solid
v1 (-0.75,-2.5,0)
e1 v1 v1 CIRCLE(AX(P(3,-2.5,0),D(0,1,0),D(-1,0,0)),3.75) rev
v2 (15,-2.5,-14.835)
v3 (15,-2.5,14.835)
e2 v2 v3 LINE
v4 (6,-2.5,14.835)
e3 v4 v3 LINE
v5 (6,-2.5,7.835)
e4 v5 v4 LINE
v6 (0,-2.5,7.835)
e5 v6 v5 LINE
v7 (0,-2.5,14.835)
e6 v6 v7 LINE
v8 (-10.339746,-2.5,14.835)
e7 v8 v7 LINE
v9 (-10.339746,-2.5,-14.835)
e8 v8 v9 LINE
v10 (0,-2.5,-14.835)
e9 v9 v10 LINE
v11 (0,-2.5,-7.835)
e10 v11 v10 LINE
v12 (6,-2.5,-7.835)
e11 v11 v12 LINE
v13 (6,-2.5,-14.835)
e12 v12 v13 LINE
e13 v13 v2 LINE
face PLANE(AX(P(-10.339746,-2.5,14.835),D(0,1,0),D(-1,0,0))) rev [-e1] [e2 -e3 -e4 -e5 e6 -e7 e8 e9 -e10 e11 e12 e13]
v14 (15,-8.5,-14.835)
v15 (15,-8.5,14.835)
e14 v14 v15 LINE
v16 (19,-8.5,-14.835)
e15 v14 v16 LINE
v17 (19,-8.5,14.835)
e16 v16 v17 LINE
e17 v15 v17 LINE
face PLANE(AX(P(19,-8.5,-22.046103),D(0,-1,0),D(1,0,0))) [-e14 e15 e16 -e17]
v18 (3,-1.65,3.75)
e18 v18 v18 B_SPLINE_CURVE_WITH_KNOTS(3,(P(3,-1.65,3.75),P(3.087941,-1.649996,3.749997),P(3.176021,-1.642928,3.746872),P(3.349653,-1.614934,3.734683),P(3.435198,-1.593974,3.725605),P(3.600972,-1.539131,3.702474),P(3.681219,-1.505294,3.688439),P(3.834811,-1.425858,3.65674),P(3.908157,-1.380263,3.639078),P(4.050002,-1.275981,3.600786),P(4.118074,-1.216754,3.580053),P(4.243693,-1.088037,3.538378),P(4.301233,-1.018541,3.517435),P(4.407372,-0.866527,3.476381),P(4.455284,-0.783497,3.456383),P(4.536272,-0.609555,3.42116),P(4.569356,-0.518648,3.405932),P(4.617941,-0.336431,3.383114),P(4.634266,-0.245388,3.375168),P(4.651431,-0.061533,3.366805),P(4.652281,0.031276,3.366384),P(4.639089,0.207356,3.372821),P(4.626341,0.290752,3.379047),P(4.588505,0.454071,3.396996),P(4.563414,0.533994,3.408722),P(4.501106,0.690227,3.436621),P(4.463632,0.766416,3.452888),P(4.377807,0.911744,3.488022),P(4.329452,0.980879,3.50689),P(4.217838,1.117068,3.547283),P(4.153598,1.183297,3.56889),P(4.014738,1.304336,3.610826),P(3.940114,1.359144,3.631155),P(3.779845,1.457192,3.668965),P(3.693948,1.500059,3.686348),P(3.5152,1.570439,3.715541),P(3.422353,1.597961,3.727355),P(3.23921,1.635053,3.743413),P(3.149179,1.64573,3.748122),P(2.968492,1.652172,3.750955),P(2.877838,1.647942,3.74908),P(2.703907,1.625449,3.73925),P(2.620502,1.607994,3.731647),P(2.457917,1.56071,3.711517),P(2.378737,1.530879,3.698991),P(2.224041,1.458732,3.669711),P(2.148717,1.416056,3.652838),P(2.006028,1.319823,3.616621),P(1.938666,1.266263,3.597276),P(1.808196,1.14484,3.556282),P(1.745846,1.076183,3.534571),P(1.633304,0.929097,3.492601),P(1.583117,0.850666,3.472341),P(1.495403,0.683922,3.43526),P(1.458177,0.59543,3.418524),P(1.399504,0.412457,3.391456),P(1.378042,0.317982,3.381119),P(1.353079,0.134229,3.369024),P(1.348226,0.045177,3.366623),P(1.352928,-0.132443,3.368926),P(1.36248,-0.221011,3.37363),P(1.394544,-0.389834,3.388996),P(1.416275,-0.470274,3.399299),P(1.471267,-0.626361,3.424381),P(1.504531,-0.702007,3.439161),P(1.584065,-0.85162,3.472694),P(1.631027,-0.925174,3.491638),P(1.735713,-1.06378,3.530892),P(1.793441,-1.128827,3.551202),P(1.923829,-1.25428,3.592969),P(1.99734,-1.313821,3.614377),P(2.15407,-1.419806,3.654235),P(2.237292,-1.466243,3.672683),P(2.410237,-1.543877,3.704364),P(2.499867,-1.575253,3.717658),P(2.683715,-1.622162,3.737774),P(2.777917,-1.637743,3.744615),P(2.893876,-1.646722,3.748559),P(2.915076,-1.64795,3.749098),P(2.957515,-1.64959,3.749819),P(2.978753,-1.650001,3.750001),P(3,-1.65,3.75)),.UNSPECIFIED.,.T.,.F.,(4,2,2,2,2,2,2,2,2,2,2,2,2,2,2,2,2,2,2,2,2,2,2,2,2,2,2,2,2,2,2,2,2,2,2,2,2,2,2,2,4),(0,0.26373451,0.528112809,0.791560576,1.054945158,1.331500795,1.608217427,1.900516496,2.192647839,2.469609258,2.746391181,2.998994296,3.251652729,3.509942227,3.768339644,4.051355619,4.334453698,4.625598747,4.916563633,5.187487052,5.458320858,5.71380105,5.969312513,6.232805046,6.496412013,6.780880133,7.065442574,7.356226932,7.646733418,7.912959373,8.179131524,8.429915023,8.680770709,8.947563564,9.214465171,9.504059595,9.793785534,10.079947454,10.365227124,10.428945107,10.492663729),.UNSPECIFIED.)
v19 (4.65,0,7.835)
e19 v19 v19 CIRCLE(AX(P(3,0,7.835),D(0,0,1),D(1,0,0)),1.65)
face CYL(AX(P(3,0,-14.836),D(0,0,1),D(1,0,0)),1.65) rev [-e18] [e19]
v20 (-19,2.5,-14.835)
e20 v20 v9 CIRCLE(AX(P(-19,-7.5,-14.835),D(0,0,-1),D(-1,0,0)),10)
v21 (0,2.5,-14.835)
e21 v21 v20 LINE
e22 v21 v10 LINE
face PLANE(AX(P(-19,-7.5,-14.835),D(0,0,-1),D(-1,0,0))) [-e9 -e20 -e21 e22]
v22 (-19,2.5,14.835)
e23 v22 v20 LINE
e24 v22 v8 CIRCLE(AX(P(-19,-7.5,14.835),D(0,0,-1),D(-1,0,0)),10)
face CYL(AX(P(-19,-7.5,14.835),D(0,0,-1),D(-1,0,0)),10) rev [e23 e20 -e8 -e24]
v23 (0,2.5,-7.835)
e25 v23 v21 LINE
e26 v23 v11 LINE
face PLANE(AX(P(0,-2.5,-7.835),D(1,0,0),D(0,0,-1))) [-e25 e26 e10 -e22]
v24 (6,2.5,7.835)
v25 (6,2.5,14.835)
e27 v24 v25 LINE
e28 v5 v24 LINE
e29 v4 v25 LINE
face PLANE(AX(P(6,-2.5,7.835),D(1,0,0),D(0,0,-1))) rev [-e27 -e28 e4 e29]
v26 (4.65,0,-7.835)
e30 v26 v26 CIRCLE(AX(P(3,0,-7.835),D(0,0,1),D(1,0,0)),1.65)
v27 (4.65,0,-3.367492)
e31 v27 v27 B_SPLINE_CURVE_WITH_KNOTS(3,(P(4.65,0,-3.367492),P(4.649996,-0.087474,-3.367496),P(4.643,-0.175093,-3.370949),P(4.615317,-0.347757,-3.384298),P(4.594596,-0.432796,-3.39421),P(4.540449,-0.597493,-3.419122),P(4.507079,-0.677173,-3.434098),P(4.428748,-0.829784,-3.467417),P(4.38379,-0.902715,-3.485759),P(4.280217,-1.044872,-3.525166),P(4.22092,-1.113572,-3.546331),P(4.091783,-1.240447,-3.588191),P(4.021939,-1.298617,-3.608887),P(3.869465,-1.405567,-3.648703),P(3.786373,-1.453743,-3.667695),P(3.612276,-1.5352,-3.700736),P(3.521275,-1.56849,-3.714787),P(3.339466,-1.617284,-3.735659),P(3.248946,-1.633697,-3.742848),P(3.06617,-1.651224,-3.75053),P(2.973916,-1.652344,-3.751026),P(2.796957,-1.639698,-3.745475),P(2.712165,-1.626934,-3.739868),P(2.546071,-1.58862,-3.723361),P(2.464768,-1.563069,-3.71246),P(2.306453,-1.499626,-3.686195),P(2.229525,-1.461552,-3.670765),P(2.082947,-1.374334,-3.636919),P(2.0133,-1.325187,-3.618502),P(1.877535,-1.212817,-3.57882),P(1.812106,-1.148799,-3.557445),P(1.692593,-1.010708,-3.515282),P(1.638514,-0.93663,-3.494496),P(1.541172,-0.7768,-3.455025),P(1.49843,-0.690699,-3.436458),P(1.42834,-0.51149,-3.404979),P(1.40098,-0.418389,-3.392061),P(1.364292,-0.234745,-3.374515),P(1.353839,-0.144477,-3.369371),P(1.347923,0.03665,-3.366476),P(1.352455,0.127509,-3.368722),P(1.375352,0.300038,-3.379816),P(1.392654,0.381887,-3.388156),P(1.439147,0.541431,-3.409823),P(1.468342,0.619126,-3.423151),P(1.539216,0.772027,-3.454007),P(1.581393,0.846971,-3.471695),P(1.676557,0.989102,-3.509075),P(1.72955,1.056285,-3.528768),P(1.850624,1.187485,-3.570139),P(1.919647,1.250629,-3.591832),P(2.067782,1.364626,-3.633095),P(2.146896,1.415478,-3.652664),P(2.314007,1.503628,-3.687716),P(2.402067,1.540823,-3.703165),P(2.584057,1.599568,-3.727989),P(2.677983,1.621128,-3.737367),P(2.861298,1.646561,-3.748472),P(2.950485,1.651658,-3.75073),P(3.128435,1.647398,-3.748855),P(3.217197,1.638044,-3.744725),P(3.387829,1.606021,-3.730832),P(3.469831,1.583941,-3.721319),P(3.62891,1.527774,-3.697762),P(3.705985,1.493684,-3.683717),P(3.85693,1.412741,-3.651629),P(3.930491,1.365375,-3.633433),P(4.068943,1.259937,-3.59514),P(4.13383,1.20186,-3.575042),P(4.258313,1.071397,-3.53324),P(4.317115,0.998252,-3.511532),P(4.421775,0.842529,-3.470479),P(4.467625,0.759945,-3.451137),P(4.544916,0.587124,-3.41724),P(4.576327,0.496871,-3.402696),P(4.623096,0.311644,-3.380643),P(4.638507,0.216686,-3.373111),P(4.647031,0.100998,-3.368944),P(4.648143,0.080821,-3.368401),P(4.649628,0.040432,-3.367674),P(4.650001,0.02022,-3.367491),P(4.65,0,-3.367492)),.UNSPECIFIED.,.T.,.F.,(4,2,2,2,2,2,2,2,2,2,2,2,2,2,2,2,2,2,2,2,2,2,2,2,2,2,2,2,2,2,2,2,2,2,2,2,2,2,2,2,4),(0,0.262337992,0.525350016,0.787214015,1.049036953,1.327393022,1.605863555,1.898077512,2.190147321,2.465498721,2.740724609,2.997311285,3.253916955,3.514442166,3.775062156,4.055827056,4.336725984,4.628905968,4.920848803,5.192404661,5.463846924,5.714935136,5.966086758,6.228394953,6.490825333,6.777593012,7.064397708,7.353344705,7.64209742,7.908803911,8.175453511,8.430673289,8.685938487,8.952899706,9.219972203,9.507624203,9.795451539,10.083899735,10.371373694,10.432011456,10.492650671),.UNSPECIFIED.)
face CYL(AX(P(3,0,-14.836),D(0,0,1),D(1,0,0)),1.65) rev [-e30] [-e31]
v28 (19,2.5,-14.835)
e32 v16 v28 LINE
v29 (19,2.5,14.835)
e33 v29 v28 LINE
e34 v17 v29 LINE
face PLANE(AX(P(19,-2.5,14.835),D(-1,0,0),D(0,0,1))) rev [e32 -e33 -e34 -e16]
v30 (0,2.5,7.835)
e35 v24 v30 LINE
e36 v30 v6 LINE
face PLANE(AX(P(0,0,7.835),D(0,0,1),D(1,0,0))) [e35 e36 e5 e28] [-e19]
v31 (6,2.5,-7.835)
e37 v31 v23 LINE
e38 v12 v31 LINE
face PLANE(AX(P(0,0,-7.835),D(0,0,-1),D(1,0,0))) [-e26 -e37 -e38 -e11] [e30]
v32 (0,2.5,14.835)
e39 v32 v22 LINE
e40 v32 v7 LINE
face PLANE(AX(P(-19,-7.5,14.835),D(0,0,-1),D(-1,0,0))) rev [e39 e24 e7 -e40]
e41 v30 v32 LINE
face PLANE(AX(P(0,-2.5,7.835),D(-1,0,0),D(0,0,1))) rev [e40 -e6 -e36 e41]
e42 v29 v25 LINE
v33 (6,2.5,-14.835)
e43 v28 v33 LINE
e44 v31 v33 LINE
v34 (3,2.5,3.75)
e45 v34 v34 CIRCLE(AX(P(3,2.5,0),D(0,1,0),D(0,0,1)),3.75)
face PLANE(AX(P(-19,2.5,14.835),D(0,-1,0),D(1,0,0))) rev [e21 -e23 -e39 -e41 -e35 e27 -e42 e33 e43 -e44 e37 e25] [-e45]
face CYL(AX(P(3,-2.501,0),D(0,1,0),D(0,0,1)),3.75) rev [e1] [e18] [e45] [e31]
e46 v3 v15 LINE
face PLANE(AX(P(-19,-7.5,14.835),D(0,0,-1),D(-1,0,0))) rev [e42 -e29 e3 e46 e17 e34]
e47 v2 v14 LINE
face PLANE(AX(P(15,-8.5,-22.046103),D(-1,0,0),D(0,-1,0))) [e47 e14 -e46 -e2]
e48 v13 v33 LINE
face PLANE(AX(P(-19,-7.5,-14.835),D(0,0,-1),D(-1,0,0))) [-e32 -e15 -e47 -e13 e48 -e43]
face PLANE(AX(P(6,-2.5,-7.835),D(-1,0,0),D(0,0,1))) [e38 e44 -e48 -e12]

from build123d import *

# Parameters (mm, degrees)
BOSS_EXTRUDE1_DEPTH = 14.835
CUT_EXTRUDE1_REACH  = 37.321
SKETCH4_R           = 1.65
SKETCH4_3_W         = 6
SKETCH4_3_H         = 5
SKETCH4_3_R         = 1.65
CUT_EXTRUDE3_DEPTH  = 7
CUT_EXTRUDE2_REACH  = 26.619
SKETCH5_R           = 3.75
SKETCH6_W           = 4
SKETCH6_H           = 6
BOSS_EXTRUDE2_DEPTH = 29.67


with BuildPart() as part:
    # Sketch3 → Boss-Extrude1 (new, symmetric)
    with BuildSketch(Plane.XY):
        with BuildLine():
            Line((-10.339745962, -2.5), (19, -2.5))
            Line((19, -2.5), (19, 2.5))
            Line((19, 2.5), (-19, 2.5))
            ThreePointArc((-19, 2.5), (-14, 1.160254038), (-10.339745962, -2.5))
        make_face()
    extrude(amount=BOSS_EXTRUDE1_DEPTH, both=True)

    # Sketch4 → Cut-Extrude1 (cut, up to next)
    with BuildSketch(Plane.XY.offset(14.835), mode=Mode.PRIVATE) as cut_extrude1_sk1:
        with Locations((3, 0)):
            Circle(SKETCH4_R)
    cut_extrude1_tool1 = extrude(cut_extrude1_sk1.sketch, amount=-CUT_EXTRUDE1_REACH, mode=Mode.PRIVATE) & part.part
    add(cut_extrude1_tool1.solids().sort_by_distance((3, 0, 14.835))[0], mode=Mode.SUBTRACT)

    # Sketch4<3> → Cut-Extrude3 (cut)
    with BuildSketch(Plane.XY.offset(14.835)):
        with Locations((3, 0)):
            Rectangle(SKETCH4_3_W, SKETCH4_3_H)
        with Locations((3, 0)):
            Circle(SKETCH4_3_R, mode=Mode.SUBTRACT)
    cut_extrude3 = extrude(amount=-CUT_EXTRUDE3_DEPTH, mode=Mode.SUBTRACT)

    # Mirror1: Cut-Extrude3 across plane
    add(cut_extrude3.mirror(Plane.XY), mode=Mode.SUBTRACT)

    # Sketch5 → Cut-Extrude2 (cut, up to next)
    with BuildSketch(Plane(origin=(0, 2.5, 0), x_dir=(1, 0, 0), z_dir=(0, 1, 0)), mode=Mode.PRIVATE) as cut_extrude2_sk1:
        with Locations(Location((3, 0, 0), (0, 0, 270))):
            Circle(SKETCH5_R)
    cut_extrude2_tool1 = extrude(cut_extrude2_sk1.sketch, amount=-CUT_EXTRUDE2_REACH, mode=Mode.PRIVATE) & part.part
    add(cut_extrude2_tool1.solids().sort_by_distance((3, 2.5, 0))[0], mode=Mode.SUBTRACT)

    # Sketch6 → Boss-Extrude2 (add)
    with BuildSketch(Plane.XY.offset(14.835)):
        with Locations((17, -5.5)):
            Rectangle(SKETCH6_W, SKETCH6_H)
    extrude(amount=-BOSS_EXTRUDE2_DEPTH)


solid = part.part
